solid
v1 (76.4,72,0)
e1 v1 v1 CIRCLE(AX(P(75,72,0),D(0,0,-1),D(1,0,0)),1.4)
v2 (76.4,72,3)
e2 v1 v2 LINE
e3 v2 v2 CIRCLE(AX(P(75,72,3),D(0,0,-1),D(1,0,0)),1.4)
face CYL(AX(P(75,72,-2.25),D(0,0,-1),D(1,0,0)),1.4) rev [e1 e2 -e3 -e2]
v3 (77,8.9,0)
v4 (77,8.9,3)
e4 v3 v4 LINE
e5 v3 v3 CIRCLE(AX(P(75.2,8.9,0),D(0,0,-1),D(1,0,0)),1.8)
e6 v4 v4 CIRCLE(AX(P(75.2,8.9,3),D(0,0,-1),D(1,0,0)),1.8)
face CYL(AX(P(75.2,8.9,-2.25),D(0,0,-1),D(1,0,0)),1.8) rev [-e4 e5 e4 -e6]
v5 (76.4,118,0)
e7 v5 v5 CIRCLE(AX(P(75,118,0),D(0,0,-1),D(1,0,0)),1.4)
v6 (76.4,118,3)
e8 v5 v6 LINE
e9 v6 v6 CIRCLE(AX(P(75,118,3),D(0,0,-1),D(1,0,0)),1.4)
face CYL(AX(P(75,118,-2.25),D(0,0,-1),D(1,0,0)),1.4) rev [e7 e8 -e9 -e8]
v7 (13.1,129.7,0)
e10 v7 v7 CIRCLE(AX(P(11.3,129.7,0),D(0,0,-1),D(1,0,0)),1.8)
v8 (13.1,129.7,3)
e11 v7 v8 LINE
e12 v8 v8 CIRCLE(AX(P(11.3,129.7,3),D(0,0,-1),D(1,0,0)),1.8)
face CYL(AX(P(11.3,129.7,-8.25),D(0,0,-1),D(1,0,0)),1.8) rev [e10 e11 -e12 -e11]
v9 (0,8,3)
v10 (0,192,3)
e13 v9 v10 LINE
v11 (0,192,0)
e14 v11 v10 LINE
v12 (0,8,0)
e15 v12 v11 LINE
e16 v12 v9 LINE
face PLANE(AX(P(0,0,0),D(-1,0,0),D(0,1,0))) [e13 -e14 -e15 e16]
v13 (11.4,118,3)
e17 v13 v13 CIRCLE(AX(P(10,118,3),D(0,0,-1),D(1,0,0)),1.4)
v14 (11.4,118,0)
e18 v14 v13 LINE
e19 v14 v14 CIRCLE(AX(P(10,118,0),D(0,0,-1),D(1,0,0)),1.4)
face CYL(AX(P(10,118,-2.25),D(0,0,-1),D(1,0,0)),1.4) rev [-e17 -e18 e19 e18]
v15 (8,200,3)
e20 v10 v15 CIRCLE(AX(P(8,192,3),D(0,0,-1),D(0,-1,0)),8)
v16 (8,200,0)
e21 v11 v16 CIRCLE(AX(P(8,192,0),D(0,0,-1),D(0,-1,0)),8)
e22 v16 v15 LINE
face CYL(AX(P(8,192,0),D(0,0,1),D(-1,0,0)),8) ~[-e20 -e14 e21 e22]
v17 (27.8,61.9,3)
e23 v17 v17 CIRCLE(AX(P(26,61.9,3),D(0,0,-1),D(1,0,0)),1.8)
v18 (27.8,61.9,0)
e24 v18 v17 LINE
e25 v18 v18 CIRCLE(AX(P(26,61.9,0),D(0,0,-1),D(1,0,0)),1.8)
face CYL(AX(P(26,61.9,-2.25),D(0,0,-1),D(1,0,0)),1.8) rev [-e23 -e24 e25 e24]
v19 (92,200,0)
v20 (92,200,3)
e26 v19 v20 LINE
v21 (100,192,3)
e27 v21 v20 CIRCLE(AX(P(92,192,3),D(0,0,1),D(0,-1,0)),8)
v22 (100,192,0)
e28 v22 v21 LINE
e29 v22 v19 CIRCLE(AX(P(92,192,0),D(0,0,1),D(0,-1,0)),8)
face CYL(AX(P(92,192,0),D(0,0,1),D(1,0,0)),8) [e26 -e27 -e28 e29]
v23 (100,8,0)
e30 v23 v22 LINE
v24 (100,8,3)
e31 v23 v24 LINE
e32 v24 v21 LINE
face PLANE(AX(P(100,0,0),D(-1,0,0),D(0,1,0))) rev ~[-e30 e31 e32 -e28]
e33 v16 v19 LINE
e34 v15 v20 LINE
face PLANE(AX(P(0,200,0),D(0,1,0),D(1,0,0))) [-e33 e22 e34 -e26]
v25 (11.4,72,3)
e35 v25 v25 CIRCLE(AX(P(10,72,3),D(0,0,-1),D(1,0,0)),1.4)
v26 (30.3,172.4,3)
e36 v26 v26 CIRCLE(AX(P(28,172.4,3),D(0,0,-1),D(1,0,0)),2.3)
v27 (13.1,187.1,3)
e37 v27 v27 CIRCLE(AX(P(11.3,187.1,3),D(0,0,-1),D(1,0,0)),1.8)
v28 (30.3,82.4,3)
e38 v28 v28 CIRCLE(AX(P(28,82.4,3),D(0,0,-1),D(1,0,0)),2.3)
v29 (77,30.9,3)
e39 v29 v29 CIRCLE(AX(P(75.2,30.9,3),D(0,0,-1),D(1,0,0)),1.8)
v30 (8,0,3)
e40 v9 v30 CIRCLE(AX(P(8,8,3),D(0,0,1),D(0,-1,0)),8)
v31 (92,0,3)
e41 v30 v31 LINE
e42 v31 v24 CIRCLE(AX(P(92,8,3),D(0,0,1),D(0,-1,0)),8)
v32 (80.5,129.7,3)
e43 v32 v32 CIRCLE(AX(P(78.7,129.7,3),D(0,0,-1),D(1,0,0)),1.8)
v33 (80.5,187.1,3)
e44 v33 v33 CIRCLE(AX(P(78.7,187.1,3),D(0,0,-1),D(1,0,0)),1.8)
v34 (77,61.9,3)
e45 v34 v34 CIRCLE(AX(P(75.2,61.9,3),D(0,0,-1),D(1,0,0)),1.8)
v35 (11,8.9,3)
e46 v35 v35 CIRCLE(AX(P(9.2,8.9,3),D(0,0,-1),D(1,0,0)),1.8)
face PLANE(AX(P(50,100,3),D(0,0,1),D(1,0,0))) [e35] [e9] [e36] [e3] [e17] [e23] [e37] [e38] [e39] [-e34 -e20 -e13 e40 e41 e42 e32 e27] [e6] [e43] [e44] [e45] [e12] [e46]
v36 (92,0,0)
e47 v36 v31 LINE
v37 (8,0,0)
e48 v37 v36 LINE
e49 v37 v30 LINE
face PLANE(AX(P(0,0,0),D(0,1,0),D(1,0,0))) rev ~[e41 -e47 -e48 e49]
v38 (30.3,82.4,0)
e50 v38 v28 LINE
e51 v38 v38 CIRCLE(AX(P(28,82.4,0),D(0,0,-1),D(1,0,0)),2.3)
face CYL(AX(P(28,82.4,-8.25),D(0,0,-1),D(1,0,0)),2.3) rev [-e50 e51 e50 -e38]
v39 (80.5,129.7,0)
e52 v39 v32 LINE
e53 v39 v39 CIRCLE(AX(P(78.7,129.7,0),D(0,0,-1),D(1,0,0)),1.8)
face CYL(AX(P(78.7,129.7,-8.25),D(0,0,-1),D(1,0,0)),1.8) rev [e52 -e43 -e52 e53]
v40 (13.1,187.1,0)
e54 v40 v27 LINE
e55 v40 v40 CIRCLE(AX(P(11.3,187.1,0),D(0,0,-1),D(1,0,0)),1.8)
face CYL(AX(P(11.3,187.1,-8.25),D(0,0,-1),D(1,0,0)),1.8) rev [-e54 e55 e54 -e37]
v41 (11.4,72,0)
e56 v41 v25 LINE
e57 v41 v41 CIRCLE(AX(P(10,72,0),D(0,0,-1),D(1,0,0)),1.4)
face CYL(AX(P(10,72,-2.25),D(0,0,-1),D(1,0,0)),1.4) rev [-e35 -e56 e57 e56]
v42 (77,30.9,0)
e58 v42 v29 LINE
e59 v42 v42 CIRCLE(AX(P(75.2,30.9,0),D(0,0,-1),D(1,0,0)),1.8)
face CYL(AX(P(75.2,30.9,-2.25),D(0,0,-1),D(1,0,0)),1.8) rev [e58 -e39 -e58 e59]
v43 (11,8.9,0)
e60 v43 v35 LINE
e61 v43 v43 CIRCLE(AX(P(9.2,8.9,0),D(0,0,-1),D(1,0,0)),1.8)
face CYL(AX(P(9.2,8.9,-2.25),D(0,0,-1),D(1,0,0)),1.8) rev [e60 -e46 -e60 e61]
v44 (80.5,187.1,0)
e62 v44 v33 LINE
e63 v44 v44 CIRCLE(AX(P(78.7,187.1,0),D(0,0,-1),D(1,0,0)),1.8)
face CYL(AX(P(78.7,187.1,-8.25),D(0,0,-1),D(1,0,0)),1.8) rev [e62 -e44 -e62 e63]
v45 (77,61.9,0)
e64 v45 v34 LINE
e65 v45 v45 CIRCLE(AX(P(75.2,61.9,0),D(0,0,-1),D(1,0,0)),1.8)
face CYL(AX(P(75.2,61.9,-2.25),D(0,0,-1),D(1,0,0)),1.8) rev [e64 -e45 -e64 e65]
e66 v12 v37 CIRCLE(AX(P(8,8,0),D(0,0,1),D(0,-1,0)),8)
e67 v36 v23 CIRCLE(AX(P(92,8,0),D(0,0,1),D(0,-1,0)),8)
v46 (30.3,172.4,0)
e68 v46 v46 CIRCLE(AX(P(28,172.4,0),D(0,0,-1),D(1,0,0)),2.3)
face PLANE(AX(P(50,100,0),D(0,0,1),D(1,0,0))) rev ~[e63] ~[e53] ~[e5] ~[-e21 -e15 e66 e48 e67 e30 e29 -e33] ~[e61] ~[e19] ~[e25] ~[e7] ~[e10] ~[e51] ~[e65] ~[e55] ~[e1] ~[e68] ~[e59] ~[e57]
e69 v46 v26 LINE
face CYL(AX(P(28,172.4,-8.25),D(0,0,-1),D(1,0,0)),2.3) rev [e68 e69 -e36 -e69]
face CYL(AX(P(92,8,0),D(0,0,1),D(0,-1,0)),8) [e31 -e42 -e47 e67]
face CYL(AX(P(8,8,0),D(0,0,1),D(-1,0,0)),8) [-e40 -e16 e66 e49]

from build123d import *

# Parameters (mm, degrees)
CYLINDER_R        = 1.8
CYLINDER_DEPTH    = 10
CYLINDER002_R     = 2.3
CYLINDER002_DEPTH = 20
ARRAY001_Y_COUNT  = 2
ARRAY001_Y_PITCH  = 90
CYLINDER001_R     = 1.4
CYLINDER001_DEPTH = 10
ARRAY_X_COUNT     = 2
ARRAY_X_PITCH     = 65
ARRAY_Y_COUNT     = 2
ARRAY_Y_PITCH     = 46
CYLINDER011_R     = 1.8
CYLINDER011_DEPTH = 20
ARRAY007_X_COUNT  = 2
ARRAY007_X_PITCH  = 67.4
ARRAY007_Y_COUNT  = 2
ARRAY007_Y_PITCH  = 57.4
BOX_W             = 100
BOX_H             = 200
BOX_DEPTH         = 3
FILLET_R          = 8


with BuildPart() as m3_bolt_hole:
    # Cylinder → Cylinder (new body)
    with BuildSketch(Plane.XY):
        Circle(CYLINDER_R)
    extrude(amount=CYLINDER_DEPTH)


with BuildPart() as m3_bolt_hole_clone003:
    # Body003 base: copy of m3 bolt hole
    add(m3_bolt_hole.part)


with BuildPart() as m3_bolt_hole_clone003_1:
    # Body003 placement: moved
    add(m3_bolt_hole_clone003.part.moved(Location((30.2, -3.5, 0))))


with BuildPart() as m3_bolt_hole_clone002:
    # Body002 base: copy of m3 bolt hole
    add(m3_bolt_hole.part)


with BuildPart() as m3_bolt_hole_clone002_1:
    # Body002 placement: moved
    add(m3_bolt_hole_clone002.part.moved(Location((30.2, 27.5, 0))))


with BuildPart() as m3_bolt_hole_clone001:
    # Body001 base: copy of m3 bolt hole
    add(m3_bolt_hole.part)


with BuildPart() as m3_bolt_hole_clone001_1:
    # Body001 placement: moved
    add(m3_bolt_hole_clone001.part.moved(Location((-35.8, -25.5, 0))))


with BuildPart() as m3_bolt_hole_clone:
    # Body base: copy of m3 bolt hole
    add(m3_bolt_hole.part)


with BuildPart() as m3_bolt_hole_clone_1:
    # Body placement: moved
    add(m3_bolt_hole_clone.part.moved(Location((-19, 27.5, 0))))


with BuildPart() as attach_m4_bolt_array:
    # Cylinder002 → Cylinder002 (new body)
    with BuildSketch(Plane.XY):
        Circle(CYLINDER002_R)
    extrude(amount=CYLINDER002_DEPTH)

    # Array001 Y: attach m4 bolt array ×2


with BuildPart() as attach_m4_bolt_array_1:
    add(attach_m4_bolt_array.part)
    with Locations(*[(0, i * ARRAY001_Y_PITCH, 0) for i in range(1, ARRAY001_Y_COUNT)]):
        add(attach_m4_bolt_array.part)


with BuildPart() as attach_m4_bolt_array_2:
    # Array001 placement: moved
    add(attach_m4_bolt_array_1.part.moved(Location((-17, 48, -6))))


with BuildPart() as m2_5_bolt_hole_7x5_pcb_array:
    # Cylinder001 → Cylinder001 (new body)
    with BuildSketch(Plane.XY):
        Circle(CYLINDER001_R)
    extrude(amount=CYLINDER001_DEPTH)

    # Array X: m2.5 bolt hole 7x5 pcb array ×2


with BuildPart() as m2_5_bolt_hole_7x5_pcb_array_1:
    add(m2_5_bolt_hole_7x5_pcb_array.part)
    with Locations(*[(i * ARRAY_X_PITCH, 0, 0) for i in range(1, ARRAY_X_COUNT)]):
        add(m2_5_bolt_hole_7x5_pcb_array.part)

    # Array Y: m2.5 bolt hole 7x5 pcb array ×2


with BuildPart() as m2_5_bolt_hole_7x5_pcb_array_2:
    add(m2_5_bolt_hole_7x5_pcb_array_1.part)
    with Locations(*[(0, i * ARRAY_Y_PITCH, 0) for i in range(1, ARRAY_Y_COUNT)]):
        add(m2_5_bolt_hole_7x5_pcb_array_1.part)


with BuildPart() as m2_5_bolt_hole_7x5_pcb_array_3:
    # Array placement: moved
    add(m2_5_bolt_hole_7x5_pcb_array_2.part.moved(Location((-35, 37.6, 0))))


with BuildPart() as wall_box_hole_stand_array002:
    # Cylinder011 → Cylinder011 (new body)
    with BuildSketch(Plane(origin=(3.3, 3.3, 0), x_dir=(1, 0, 0), z_dir=(0, 0, 1))):
        Circle(CYLINDER011_R)
    extrude(amount=CYLINDER011_DEPTH)

    # Array007 X: wall box hole stand array002 ×2


with BuildPart() as wall_box_hole_stand_array002_1:
    add(wall_box_hole_stand_array002.part)
    with Locations(*[(i * ARRAY007_X_PITCH, 0, 0) for i in range(1, ARRAY007_X_COUNT)]):
        add(wall_box_hole_stand_array002.part)

    # Array007 Y: wall box hole stand array002 ×2


with BuildPart() as wall_box_hole_stand_array002_2:
    add(wall_box_hole_stand_array002_1.part)
    with Locations(*[(0, i * ARRAY007_Y_PITCH, 0) for i in range(1, ARRAY007_Y_COUNT)]):
        add(wall_box_hole_stand_array002_1.part)


with BuildPart() as wall_box_hole_stand_array002_3:
    # Array007 placement: moved
    add(wall_box_hole_stand_array002_2.part.moved(Location((-37, 92, -6))))


with BuildPart() as cnc_v4_m3_hole_fusion:
    # Body004 base: copy of m3 bolt hole
    add(m3_bolt_hole.part)


with BuildPart() as cnc_v4_m3_hole_fusion_1:
    # Body004 placement: moved
    add(cnc_v4_m3_hole_fusion.part.moved(Location((30.2, -25.5, 0))))

    # Fusion: union m3 bolt hole clone003, m3 bolt hole clone002, m3 bolt hole clone001, m3 bolt hole clone, attach m4 bolt array, m2.5 bolt hole 7x5 pcb array, wall box hole stand array002
    add(m3_bolt_hole_clone003_1.part)
    add(m3_bolt_hole_clone002_1.part)
    add(m3_bolt_hole_clone001_1.part)
    add(m3_bolt_hole_clone_1.part)
    add(attach_m4_bolt_array_2.part)
    add(m2_5_bolt_hole_7x5_pcb_array_3.part)
    add(wall_box_hole_stand_array002_3.part)


with BuildPart() as cnc_v4_m3_hole_fusion_2:
    # Fusion placement: moved
    add(cnc_v4_m3_hole_fusion_1.part.moved(Location((45, 34.4, -2.25))))


with BuildPart() as cnc_v4_plate_cut:
    # Box → Box (new body)
    with BuildSketch(Plane.XY):
        with Locations((50, 100)):
            Rectangle(BOX_W, BOX_H)
    extrude(amount=BOX_DEPTH)

    # Fillet
    fillet_edges = [cnc_v4_plate_cut.edges().sort_by_distance(p)[0] for p in [
        (0, 0, 1.5),
        (0, 200, 1.5),
        (100, 0, 1.5),
        (100, 200, 1.5),
    ]]
    fillet(fillet_edges, radius=FILLET_R)

    # Cut008: cut cnc v4 m3 hole fusion
    add(cnc_v4_m3_hole_fusion_2.part, mode=Mode.SUBTRACT)


solid = cnc_v4_plate_cut.part
